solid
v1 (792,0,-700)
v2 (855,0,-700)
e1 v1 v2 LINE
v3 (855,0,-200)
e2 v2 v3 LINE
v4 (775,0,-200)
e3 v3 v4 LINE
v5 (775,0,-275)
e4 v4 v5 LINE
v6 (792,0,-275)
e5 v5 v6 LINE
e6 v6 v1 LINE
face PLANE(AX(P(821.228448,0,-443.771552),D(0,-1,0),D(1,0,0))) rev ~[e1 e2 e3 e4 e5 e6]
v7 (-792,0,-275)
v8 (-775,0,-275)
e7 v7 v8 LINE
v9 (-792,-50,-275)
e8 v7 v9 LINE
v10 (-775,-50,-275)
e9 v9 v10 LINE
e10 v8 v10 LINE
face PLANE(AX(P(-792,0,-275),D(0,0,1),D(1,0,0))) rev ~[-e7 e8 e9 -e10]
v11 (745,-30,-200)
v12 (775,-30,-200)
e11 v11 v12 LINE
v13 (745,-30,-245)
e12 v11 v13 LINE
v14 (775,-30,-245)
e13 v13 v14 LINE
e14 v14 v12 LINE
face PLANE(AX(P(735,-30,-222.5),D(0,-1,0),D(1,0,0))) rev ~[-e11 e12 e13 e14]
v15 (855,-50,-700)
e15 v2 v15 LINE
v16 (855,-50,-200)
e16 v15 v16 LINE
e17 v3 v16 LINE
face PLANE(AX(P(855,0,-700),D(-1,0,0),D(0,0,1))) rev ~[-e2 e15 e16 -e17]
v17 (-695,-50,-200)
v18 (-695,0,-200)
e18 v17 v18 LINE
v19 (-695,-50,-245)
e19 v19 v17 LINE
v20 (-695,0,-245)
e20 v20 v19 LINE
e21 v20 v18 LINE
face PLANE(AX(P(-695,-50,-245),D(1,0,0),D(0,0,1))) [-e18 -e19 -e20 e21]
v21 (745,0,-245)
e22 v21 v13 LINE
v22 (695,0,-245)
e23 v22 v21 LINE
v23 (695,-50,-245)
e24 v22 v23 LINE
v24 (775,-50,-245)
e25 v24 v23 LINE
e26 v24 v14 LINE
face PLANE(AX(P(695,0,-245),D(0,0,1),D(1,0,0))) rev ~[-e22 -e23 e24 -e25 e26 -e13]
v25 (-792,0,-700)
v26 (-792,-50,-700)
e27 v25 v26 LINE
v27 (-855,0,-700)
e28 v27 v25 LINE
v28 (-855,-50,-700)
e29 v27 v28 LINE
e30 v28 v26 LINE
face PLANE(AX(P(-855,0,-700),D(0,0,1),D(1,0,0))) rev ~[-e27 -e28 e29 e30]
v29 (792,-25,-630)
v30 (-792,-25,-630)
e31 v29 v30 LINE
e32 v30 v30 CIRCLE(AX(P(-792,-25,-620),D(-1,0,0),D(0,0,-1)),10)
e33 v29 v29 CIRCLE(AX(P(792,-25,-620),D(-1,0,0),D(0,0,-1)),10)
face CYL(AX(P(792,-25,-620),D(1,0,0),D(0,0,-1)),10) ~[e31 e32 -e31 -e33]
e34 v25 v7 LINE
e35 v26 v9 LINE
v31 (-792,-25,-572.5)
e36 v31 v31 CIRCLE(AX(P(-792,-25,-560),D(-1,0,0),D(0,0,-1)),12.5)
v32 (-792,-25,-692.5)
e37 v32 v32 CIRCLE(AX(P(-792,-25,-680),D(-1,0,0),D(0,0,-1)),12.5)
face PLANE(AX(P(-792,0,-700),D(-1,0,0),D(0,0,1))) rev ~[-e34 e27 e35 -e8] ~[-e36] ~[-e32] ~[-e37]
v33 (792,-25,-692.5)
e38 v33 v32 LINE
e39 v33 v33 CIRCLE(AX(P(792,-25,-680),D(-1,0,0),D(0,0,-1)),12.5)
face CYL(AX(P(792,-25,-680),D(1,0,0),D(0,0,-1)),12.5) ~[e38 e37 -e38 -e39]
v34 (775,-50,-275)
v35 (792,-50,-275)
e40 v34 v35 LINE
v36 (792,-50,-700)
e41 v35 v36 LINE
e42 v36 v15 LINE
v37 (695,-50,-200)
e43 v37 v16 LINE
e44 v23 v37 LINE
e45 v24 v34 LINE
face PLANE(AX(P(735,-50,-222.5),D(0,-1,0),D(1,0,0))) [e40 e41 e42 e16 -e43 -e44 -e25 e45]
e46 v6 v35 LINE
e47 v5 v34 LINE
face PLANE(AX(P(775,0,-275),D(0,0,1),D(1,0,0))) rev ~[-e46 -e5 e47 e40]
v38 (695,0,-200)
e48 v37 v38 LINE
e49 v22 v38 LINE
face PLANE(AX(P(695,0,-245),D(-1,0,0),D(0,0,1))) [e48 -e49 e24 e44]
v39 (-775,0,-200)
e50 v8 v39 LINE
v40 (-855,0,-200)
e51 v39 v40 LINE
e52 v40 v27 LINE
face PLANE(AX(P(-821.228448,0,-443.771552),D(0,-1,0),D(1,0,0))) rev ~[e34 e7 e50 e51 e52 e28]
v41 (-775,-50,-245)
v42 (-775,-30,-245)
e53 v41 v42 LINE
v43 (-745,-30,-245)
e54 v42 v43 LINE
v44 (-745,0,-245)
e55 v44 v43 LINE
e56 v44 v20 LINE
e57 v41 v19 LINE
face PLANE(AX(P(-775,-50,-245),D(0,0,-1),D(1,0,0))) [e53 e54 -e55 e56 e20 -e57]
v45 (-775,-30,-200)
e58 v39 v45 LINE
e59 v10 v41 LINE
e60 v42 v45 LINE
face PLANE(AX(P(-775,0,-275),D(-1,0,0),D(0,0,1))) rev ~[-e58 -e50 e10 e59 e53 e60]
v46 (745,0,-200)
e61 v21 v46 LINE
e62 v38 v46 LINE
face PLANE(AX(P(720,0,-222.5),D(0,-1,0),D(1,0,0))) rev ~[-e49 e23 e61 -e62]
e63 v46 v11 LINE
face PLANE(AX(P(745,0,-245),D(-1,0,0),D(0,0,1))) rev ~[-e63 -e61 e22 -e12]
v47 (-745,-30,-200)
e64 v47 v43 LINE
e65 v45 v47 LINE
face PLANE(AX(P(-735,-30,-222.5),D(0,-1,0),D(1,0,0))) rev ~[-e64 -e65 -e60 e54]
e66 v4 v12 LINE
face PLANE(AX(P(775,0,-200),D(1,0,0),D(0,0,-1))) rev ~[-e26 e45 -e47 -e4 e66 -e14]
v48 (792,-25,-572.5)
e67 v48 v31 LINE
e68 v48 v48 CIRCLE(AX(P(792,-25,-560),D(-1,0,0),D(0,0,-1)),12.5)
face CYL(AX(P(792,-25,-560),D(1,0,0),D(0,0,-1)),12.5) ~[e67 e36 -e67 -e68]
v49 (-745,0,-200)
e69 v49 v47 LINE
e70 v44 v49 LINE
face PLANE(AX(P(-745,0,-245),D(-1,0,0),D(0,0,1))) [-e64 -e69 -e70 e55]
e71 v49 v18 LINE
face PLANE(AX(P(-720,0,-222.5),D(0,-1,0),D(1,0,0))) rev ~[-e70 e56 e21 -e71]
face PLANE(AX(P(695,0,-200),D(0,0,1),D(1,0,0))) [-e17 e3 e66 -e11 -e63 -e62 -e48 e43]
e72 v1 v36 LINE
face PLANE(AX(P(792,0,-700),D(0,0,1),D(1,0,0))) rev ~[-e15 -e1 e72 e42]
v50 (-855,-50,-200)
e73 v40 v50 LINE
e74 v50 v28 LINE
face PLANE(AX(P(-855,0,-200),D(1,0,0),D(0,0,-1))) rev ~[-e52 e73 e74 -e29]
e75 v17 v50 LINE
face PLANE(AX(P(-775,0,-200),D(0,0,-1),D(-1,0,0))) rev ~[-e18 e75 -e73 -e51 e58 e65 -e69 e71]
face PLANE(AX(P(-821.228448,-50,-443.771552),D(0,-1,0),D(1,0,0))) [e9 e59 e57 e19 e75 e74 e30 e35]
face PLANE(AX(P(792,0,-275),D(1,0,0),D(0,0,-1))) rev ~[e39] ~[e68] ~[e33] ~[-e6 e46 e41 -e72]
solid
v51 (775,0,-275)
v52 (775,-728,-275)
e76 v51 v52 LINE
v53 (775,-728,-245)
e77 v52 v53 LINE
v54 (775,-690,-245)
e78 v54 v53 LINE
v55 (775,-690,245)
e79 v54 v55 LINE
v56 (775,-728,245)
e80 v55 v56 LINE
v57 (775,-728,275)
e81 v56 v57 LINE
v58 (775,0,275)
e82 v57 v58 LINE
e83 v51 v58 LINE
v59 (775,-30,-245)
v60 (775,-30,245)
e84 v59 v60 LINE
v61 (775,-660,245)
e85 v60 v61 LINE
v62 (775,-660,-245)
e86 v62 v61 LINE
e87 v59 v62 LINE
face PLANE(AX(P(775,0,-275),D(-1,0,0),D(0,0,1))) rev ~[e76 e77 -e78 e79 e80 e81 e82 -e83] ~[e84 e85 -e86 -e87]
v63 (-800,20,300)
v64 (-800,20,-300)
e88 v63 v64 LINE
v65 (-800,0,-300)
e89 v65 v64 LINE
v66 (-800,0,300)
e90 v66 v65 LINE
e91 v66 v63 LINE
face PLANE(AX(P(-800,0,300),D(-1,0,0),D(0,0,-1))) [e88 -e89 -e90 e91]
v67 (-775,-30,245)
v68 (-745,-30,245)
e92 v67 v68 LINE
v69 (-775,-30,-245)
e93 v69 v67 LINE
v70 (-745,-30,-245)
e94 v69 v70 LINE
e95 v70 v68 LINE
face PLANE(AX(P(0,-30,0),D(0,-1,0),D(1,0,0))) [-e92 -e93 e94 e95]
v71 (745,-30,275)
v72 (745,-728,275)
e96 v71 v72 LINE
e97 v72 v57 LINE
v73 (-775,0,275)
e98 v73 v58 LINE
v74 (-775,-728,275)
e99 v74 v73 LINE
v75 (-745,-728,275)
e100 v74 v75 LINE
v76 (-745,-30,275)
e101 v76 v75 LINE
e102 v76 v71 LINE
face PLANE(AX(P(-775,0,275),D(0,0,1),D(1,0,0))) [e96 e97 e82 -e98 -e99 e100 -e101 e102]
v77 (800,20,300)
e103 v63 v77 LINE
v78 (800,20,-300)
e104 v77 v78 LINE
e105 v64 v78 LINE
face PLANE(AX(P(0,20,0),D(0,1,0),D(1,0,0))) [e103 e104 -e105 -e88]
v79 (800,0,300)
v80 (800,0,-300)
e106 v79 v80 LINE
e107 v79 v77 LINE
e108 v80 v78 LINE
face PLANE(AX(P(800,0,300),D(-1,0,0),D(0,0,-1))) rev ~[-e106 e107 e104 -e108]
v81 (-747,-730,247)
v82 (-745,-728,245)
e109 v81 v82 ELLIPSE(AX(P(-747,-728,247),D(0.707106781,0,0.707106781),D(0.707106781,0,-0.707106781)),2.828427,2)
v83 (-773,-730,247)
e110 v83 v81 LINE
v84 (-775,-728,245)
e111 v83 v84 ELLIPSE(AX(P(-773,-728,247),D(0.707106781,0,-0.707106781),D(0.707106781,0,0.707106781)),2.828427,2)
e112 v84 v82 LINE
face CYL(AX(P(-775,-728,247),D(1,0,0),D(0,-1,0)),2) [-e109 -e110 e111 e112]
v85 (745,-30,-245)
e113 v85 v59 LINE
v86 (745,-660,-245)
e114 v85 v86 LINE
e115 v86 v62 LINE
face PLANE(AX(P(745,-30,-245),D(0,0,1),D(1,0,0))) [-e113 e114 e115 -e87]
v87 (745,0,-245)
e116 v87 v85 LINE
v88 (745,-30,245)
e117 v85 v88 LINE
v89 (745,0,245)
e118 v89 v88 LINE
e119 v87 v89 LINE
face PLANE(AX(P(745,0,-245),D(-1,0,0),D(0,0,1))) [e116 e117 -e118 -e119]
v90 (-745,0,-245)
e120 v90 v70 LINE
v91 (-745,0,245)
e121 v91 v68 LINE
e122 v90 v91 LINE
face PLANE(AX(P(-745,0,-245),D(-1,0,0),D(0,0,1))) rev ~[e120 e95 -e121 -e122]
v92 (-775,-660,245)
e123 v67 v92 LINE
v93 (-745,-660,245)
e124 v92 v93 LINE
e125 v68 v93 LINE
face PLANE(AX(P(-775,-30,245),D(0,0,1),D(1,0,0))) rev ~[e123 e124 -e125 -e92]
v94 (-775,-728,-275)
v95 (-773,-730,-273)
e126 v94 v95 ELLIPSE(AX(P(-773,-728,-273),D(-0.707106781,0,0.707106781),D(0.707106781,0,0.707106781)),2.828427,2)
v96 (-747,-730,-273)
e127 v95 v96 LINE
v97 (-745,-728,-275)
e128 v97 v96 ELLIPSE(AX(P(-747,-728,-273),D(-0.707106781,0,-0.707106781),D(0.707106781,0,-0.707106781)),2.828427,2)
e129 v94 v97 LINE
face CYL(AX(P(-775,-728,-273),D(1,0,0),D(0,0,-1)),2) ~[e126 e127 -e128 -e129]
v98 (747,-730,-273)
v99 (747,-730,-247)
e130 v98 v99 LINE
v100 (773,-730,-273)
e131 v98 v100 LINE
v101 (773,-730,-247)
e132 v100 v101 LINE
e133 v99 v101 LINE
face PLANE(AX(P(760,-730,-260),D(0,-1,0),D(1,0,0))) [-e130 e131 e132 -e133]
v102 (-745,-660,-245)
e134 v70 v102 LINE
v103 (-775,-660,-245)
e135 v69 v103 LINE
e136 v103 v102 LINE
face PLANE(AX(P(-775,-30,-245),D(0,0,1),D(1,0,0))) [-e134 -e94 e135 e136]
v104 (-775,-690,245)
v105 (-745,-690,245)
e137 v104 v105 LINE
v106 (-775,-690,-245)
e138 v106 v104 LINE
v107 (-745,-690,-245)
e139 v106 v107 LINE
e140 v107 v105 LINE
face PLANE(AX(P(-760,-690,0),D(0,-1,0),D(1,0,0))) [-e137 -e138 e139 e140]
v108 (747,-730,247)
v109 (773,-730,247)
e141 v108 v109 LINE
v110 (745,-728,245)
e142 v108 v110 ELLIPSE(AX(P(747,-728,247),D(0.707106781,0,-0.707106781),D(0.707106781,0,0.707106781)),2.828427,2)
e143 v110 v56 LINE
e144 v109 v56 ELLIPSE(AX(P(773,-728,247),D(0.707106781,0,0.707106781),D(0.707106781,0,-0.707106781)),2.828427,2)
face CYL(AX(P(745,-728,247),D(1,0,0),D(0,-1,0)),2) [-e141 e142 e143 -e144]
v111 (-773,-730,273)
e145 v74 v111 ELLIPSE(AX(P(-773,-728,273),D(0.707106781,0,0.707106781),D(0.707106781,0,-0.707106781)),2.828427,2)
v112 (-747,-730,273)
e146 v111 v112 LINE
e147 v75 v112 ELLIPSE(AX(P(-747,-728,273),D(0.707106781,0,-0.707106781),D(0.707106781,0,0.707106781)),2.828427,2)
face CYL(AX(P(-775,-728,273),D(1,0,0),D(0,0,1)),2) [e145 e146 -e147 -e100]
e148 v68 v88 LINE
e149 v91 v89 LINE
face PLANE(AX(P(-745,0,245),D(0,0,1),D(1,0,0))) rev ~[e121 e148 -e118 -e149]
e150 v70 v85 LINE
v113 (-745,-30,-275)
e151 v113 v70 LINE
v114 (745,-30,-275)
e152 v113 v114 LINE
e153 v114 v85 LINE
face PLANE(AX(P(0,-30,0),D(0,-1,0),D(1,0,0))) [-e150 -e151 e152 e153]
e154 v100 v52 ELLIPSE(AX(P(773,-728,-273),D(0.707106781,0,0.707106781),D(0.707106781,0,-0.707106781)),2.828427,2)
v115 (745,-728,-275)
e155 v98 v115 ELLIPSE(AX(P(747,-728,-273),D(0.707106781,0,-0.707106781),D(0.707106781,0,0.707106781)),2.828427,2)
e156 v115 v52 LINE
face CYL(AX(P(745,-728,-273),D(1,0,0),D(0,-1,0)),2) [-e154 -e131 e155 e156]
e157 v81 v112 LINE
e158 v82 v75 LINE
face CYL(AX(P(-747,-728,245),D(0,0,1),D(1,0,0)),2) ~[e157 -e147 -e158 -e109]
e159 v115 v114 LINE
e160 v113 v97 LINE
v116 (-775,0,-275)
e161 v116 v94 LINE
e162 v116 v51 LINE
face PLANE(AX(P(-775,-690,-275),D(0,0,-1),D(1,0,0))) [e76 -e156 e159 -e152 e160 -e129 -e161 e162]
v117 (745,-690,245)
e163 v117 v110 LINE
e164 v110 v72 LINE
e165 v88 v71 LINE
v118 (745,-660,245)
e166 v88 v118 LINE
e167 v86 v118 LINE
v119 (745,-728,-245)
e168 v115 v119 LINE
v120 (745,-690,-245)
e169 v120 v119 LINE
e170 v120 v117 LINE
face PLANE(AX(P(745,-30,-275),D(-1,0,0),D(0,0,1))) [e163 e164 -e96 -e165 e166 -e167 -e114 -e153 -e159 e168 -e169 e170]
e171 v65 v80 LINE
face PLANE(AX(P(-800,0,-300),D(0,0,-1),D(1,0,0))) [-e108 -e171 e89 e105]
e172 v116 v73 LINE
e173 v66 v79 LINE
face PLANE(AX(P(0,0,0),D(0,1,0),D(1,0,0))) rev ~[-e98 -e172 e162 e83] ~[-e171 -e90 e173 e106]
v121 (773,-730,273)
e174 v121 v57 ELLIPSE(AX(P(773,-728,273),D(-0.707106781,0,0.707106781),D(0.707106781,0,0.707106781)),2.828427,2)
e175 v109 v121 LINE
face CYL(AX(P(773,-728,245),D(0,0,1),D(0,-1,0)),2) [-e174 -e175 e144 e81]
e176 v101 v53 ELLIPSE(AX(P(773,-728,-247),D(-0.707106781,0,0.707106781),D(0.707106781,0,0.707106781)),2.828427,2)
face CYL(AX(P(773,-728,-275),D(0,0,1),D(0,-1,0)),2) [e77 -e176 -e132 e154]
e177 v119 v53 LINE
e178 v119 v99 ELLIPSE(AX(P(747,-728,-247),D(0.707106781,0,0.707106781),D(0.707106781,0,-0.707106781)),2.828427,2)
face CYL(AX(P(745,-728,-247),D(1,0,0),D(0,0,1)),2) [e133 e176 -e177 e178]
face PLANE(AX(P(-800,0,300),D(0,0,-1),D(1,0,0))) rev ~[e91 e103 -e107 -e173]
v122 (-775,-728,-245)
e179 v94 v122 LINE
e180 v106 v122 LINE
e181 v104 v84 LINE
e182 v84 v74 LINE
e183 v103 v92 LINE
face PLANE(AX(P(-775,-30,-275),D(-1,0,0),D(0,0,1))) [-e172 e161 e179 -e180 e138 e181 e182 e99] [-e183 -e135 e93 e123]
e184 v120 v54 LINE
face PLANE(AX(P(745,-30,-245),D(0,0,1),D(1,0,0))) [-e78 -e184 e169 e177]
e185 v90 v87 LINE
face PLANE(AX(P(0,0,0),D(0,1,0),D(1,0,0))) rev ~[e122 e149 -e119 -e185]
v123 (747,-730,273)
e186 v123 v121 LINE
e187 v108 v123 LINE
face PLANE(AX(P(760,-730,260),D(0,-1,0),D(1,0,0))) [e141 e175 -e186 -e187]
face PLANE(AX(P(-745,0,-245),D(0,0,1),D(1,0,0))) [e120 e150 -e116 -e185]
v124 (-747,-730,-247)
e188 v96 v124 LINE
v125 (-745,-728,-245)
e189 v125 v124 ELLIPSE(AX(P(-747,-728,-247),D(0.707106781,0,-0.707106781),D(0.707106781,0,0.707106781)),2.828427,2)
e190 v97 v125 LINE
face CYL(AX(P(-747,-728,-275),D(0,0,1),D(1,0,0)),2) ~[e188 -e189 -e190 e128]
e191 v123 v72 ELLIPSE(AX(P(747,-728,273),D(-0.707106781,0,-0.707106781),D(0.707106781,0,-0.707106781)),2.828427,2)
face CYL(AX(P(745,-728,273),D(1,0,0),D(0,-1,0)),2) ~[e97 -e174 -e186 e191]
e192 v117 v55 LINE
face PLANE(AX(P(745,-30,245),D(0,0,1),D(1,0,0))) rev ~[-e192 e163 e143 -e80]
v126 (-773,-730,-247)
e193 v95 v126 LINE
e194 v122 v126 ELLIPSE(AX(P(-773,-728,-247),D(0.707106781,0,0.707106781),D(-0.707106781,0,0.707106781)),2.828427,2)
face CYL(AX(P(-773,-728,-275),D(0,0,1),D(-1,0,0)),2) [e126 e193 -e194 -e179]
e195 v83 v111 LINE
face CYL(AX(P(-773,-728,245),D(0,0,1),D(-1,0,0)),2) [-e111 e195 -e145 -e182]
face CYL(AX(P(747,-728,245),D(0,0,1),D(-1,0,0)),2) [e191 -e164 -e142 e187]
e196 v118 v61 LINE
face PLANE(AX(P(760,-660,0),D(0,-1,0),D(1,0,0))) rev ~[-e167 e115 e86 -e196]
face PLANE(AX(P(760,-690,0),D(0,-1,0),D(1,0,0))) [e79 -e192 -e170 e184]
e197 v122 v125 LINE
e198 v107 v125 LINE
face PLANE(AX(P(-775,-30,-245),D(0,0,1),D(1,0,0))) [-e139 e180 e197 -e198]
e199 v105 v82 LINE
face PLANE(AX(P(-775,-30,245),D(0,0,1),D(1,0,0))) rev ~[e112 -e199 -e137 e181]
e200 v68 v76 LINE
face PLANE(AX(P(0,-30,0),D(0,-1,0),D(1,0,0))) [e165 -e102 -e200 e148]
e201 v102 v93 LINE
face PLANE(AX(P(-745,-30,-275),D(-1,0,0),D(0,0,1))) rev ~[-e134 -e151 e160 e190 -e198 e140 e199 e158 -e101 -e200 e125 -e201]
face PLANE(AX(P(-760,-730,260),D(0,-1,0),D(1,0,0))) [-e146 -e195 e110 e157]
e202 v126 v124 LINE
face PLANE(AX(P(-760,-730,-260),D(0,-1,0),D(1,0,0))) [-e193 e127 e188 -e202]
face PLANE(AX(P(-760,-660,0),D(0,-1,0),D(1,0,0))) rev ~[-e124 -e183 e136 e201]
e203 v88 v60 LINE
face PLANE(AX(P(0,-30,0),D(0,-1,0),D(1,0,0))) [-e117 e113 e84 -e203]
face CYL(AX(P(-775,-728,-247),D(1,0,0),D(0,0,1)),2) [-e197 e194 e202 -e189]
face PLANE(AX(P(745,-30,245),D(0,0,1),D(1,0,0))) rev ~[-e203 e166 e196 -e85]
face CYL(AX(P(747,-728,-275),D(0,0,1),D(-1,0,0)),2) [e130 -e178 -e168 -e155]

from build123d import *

# Parameters (mm, degrees)
SKETCH1_W             = 1600
SKETCH1_H             = 600
BOSS_EXTRUDE1_DEPTH   = 20
SKETCH2_W             = 1550
SKETCH2_H             = 550
SKETCH2_W_2           = 1490
SKETCH2_H_2           = 490
BOSS_EXTRUDE2_DEPTH   = 30
SKETCH3_W             = 30
SKETCH3_H             = 30
BOSS_EXTRUDE3_DEPTH   = 700
BOSS_EXTRUDE4_START   = -40
SKETCH4_W             = 30
SKETCH4_H             = 550
BOSS_EXTRUDE4_DEPTH   = 30
FILLET1_R             = 2
BOSS_EXTRUDE5_DEPTH   = 50
BOSS_EXTRUDE5_2_DEPTH = 50
SKETCH7_R             = 10
BOSS_EXTRUDE6_DEPTH   = 1584
SKETCH8_R             = 12.5
BOSS_EXTRUDE7_DEPTH   = 1584
SKETCH15_W            = 80
SKETCH15_H            = 45
BOSS_EXTRUDE8_DEPTH   = 20
SKETCH16_W            = 50
SKETCH16_H            = 45
BOSS_EXTRUDE9_DEPTH   = 50


with BuildPart() as part:
    # Sketch1 → Boss-Extrude1 (new body)
    with BuildSketch(Plane(origin=(0, 0, 0), x_dir=(1, 0, 0), z_dir=(0, 1, 0))):
        Rectangle(SKETCH1_W, SKETCH1_H)
    extrude(amount=BOSS_EXTRUDE1_DEPTH)

    # Sketch2 → Boss-Extrude2 (add)
    with BuildSketch(Plane.XZ):
        Rectangle(SKETCH2_W, SKETCH2_H)
        Rectangle(SKETCH2_W_2, SKETCH2_H_2, mode=Mode.SUBTRACT)
    extrude(amount=BOSS_EXTRUDE2_DEPTH)

    # Sketch3 → Boss-Extrude3 (add)
    with BuildSketch(Plane.XZ.offset(30)):
        with Locations((-760, -260)):
            Rectangle(SKETCH3_W, SKETCH3_H)
        with Locations((760, -260)):
            Rectangle(SKETCH3_W, SKETCH3_H)
        with Locations((-760, 260)):
            Rectangle(SKETCH3_W, SKETCH3_H)
        with Locations((760, 260)):
            Rectangle(SKETCH3_W, SKETCH3_H)
    extrude(amount=BOSS_EXTRUDE3_DEPTH)

    # Sketch4 → Boss-Extrude4 (add)
    with BuildSketch(Plane.XZ.offset(730).offset(BOSS_EXTRUDE4_START)):
        with Locations((-760, 0)):
            Rectangle(SKETCH4_W, SKETCH4_H)
        with Locations((760, 0)):
            Rectangle(SKETCH4_W, SKETCH4_H)
    extrude(amount=-BOSS_EXTRUDE4_DEPTH)

    # Fillet1
    fillet1_edges = [part.edges().sort_by_distance(p)[0] for p in [
        (-775, -730, -260),
        (-760, -730, -275),
        (-745, -730, -260),
        (-760, -730, -245),
        (760, -730, -275),
        (775, -730, -260),
        (760, -730, -245),
        (745, -730, -260),
        (-760, -730, 245),
        (-745, -730, 260),
        (-760, -730, 275),
        (-775, -730, 260),
        (760, -730, 245),
        (775, -730, 260),
        (760, -730, 275),
        (745, -730, 260),
    ]]
    fillet(fillet1_edges, radius=FILLET1_R)


with BuildPart() as body_2:
    # Sketch5 → Boss-Extrude5 (new body)
    with BuildSketch(Plane.XZ):
        Polygon((775, -275), (792, -275), (792, -700), (855, -700), (855, -200), (775, -200), align=None)
    extrude(amount=BOSS_EXTRUDE5_DEPTH)



with BuildPart() as body_3:
    # Sketch5 → Boss-Extrude5 2 (new body)
    with BuildSketch(Plane.XZ):
        Polygon((-775, -275), (-775, -200), (-855, -200), (-855, -700), (-792, -700), (-792, -275), align=None)
    extrude(amount=BOSS_EXTRUDE5_2_DEPTH)


with BuildPart() as body_2_1:
    add(body_2.part)

    add(body_3.part)  # Boss-Extrude6 merges body 3
    # Sketch7 → Boss-Extrude6 (add)
    with BuildSketch(Plane.ZY.offset(-792)):
        with Locations(Location((-620, -25, 0), (0, 0, 180))):
            Circle(SKETCH7_R)
    extrude(amount=BOSS_EXTRUDE6_DEPTH)

    # Sketch8 → Boss-Extrude7 (add)
    with BuildSketch(Plane.ZY.offset(-792)):
        with Locations(Location((-680, -25, 0), (0, 0, 180))):
            Circle(SKETCH8_R)
        with Locations(Location((-560, -25, 0), (0, 0, 180))):
            Circle(SKETCH8_R)
    extrude(amount=BOSS_EXTRUDE7_DEPTH)

    # Sketch15 → Boss-Extrude8 (add)
    with BuildSketch(Plane.XZ.offset(50)):
        with Locations((735, -222.5)):
            Rectangle(SKETCH15_W, SKETCH15_H)
        with Locations((-735, -222.5)):
            Rectangle(SKETCH15_W, SKETCH15_H)
    extrude(amount=-BOSS_EXTRUDE8_DEPTH)

    # Sketch16 → Boss-Extrude9 (add)
    with BuildSketch(Plane.XZ):
        with Locations((720, -222.5)):
            Rectangle(SKETCH16_W, SKETCH16_H)
        with Locations((-720, -222.5)):
            Rectangle(SKETCH16_W, SKETCH16_H)
    extrude(amount=BOSS_EXTRUDE9_DEPTH)


solid = Compound([part.part, body_2_1.part])
